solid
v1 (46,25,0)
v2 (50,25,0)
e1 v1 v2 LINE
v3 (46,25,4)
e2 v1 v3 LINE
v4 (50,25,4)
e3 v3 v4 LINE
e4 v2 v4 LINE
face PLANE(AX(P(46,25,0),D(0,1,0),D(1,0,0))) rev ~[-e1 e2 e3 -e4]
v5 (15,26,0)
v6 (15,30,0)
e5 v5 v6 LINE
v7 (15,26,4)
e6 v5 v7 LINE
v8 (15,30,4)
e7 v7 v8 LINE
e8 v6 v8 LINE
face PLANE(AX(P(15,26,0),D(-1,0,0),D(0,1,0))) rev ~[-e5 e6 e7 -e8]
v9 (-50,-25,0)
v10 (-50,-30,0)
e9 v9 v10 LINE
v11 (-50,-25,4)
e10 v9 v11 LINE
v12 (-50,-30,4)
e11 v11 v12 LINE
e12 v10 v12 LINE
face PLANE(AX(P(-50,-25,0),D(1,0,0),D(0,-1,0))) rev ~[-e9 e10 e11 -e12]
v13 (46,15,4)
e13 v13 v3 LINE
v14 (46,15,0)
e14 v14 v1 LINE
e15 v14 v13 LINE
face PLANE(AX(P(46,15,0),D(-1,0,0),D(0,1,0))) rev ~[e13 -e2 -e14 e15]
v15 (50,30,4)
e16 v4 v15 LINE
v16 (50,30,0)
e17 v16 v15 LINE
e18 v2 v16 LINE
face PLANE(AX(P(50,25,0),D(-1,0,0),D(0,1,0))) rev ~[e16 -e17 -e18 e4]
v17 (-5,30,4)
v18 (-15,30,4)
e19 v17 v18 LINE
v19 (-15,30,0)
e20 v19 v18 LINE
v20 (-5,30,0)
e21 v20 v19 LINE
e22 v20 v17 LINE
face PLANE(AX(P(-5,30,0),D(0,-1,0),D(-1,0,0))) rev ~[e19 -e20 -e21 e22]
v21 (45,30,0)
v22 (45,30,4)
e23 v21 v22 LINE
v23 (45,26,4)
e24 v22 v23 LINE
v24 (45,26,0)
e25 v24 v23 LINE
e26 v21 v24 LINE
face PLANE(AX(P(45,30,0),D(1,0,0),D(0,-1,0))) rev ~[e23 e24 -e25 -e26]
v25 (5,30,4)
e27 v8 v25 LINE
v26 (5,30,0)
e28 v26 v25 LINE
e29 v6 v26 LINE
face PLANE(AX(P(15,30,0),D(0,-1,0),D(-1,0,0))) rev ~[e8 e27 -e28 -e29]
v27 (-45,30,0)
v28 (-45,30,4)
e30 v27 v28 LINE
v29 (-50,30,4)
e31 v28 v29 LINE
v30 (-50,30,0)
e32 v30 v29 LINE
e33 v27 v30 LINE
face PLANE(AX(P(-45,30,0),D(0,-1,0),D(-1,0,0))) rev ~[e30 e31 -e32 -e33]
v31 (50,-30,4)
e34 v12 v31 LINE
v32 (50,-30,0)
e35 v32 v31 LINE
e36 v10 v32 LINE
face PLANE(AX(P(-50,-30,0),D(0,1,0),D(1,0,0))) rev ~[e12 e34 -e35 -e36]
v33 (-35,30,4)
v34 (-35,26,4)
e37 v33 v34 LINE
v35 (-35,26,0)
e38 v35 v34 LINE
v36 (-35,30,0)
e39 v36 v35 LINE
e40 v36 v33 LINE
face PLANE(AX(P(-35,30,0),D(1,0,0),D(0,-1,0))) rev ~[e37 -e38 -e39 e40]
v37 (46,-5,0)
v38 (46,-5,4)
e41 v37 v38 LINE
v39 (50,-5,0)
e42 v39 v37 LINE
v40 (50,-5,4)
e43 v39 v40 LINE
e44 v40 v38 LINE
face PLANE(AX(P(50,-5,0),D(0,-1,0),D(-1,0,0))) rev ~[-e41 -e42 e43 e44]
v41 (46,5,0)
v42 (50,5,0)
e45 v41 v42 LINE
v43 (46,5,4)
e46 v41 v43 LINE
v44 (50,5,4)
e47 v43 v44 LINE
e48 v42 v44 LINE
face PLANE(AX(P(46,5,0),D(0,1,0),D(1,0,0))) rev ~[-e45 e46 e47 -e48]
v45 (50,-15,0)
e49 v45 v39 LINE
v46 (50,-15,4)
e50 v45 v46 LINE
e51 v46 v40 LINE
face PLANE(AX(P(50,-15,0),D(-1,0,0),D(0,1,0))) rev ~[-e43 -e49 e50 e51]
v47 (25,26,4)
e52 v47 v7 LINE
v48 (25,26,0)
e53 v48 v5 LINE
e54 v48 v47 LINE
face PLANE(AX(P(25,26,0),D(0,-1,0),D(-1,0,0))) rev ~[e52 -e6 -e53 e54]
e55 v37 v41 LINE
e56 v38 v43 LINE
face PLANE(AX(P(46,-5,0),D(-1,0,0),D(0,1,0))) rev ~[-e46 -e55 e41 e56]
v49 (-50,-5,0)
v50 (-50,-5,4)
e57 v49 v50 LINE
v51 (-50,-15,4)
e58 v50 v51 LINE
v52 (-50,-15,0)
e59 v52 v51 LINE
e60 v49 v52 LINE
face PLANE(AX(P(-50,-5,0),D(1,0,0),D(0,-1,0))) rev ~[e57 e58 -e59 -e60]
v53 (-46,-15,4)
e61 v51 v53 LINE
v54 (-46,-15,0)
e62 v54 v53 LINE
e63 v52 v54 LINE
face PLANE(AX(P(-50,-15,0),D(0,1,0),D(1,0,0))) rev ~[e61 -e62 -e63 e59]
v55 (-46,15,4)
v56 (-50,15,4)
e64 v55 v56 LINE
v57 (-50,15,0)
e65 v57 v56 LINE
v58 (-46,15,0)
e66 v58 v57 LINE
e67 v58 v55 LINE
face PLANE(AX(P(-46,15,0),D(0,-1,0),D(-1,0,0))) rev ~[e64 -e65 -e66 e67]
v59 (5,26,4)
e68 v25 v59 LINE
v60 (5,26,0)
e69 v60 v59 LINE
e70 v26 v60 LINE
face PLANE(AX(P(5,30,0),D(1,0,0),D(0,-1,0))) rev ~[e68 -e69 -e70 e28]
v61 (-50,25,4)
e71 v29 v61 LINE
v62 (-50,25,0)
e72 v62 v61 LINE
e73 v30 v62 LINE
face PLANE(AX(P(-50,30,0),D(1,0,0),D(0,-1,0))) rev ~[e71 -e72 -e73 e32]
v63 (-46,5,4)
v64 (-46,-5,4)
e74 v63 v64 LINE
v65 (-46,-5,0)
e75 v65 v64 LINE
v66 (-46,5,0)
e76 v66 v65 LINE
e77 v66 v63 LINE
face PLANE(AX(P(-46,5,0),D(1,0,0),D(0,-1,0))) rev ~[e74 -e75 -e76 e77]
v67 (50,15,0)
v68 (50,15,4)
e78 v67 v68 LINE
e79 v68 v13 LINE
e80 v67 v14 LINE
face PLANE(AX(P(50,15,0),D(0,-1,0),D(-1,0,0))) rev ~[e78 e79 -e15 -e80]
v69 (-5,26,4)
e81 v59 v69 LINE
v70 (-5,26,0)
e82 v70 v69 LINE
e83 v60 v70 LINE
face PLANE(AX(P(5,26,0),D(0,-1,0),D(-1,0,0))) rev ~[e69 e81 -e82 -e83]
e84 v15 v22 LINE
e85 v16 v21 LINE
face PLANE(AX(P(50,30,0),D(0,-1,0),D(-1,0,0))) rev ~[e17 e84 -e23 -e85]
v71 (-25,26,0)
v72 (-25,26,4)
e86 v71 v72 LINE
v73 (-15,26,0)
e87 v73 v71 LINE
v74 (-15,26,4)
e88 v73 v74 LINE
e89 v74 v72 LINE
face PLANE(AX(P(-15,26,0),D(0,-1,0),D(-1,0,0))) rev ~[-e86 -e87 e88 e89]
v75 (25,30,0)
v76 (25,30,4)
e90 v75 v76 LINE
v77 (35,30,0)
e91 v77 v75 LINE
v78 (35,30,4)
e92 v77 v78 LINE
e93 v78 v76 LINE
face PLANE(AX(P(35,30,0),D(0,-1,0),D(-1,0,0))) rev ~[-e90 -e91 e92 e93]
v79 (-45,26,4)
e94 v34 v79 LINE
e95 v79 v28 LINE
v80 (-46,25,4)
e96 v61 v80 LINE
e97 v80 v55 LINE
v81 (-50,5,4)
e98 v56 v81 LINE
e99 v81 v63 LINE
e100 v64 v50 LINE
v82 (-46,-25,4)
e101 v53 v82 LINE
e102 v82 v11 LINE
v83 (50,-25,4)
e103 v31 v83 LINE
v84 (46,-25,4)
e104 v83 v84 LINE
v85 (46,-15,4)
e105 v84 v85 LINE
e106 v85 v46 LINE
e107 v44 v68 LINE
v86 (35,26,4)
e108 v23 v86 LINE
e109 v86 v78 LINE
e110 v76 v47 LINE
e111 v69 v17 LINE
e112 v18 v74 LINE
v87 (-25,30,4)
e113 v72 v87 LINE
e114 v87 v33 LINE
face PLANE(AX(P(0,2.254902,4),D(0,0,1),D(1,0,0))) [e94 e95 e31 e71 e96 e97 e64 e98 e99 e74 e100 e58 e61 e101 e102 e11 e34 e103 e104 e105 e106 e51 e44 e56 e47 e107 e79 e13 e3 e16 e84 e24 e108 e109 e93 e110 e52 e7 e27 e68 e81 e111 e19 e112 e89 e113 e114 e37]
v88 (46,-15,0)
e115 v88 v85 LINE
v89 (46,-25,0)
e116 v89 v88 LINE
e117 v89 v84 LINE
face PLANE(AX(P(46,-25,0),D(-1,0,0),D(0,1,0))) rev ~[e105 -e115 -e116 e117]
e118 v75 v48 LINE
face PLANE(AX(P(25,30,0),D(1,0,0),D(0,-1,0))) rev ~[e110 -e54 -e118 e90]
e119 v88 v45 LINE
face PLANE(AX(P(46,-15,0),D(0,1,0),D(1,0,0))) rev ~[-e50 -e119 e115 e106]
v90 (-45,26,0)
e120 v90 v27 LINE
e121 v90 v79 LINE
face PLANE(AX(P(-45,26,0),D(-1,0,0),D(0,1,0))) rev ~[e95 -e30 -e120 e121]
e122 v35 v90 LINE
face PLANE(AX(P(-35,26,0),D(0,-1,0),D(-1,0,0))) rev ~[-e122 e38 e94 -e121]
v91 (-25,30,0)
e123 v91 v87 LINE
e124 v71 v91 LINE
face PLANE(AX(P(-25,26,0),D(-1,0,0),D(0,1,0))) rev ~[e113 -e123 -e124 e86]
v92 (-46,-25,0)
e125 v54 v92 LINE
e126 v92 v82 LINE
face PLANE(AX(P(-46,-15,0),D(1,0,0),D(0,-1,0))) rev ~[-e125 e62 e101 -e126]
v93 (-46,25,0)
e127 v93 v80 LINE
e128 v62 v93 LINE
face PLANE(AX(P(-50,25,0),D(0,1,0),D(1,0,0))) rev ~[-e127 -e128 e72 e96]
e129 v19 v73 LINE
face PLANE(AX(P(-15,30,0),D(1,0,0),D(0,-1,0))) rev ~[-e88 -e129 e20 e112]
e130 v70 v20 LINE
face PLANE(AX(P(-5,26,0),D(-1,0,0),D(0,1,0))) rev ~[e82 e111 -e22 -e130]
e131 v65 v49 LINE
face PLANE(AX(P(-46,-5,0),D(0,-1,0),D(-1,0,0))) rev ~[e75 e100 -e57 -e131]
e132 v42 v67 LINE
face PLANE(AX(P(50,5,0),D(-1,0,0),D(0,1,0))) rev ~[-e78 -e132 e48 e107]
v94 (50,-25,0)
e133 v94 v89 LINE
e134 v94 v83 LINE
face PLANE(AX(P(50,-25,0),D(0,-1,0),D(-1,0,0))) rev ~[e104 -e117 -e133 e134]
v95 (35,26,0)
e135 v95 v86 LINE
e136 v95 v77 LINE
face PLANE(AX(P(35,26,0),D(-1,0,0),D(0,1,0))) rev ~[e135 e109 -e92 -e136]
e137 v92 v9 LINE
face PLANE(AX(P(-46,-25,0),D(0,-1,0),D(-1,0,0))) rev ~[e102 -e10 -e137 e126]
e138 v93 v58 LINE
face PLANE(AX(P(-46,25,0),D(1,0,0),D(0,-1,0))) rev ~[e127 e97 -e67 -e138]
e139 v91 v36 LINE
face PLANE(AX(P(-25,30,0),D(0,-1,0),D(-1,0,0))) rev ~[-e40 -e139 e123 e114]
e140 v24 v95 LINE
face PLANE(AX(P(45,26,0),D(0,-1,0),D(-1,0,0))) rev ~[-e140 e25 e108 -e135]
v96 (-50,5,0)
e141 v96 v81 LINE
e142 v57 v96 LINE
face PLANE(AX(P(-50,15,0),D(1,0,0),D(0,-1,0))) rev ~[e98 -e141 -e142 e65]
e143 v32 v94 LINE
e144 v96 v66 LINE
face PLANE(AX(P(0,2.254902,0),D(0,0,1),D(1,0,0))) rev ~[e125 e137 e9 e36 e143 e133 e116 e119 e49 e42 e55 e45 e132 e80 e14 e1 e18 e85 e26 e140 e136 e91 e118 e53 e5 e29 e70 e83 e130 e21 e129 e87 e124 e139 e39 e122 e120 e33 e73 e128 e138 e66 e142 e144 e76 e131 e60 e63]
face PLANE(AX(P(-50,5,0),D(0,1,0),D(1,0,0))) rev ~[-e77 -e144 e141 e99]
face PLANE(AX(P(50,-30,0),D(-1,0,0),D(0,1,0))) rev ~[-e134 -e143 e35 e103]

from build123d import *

# Parameters (mm, degrees)
BOSS_EXTRUDE1_DEPTH = 4


with BuildPart() as part:
    # Sketch1 → Boss-Extrude1 (new body)
    with BuildSketch(Plane.XY):
        Polygon((-45, 30), (-50, 30), (-50, 25), (-46, 25), (-46, 15), (-50, 15), (-50, 10), (-50, 5), (-46, 5), (-46, -5), (-50, -5), (-50, -10), (-50, -15), (-46, -15), (-46, -25), (-50, -25), (-50, -30), (50, -30), (50, -25), (46, -25), (46, -15), (50, -15), (50, -10), (50, -5), (46, -5), (46, 5), (50, 5), (50, 10), (50, 15), (46, 15), (46, 25), (50, 25), (50, 30), (45, 30), (45, 26), (35, 26), (35, 30), (30, 30), (25, 30), (25, 26), (15, 26), (15, 30), (10, 30), (5, 30), (5, 26), (-5, 26), (-5, 30), (-10, 30), (-15, 30), (-15, 26), (-25, 26), (-25, 30), (-30, 30), (-35, 30), (-35, 26), (-45, 26), align=None)
    extrude(amount=BOSS_EXTRUDE1_DEPTH)


solid = part.part
